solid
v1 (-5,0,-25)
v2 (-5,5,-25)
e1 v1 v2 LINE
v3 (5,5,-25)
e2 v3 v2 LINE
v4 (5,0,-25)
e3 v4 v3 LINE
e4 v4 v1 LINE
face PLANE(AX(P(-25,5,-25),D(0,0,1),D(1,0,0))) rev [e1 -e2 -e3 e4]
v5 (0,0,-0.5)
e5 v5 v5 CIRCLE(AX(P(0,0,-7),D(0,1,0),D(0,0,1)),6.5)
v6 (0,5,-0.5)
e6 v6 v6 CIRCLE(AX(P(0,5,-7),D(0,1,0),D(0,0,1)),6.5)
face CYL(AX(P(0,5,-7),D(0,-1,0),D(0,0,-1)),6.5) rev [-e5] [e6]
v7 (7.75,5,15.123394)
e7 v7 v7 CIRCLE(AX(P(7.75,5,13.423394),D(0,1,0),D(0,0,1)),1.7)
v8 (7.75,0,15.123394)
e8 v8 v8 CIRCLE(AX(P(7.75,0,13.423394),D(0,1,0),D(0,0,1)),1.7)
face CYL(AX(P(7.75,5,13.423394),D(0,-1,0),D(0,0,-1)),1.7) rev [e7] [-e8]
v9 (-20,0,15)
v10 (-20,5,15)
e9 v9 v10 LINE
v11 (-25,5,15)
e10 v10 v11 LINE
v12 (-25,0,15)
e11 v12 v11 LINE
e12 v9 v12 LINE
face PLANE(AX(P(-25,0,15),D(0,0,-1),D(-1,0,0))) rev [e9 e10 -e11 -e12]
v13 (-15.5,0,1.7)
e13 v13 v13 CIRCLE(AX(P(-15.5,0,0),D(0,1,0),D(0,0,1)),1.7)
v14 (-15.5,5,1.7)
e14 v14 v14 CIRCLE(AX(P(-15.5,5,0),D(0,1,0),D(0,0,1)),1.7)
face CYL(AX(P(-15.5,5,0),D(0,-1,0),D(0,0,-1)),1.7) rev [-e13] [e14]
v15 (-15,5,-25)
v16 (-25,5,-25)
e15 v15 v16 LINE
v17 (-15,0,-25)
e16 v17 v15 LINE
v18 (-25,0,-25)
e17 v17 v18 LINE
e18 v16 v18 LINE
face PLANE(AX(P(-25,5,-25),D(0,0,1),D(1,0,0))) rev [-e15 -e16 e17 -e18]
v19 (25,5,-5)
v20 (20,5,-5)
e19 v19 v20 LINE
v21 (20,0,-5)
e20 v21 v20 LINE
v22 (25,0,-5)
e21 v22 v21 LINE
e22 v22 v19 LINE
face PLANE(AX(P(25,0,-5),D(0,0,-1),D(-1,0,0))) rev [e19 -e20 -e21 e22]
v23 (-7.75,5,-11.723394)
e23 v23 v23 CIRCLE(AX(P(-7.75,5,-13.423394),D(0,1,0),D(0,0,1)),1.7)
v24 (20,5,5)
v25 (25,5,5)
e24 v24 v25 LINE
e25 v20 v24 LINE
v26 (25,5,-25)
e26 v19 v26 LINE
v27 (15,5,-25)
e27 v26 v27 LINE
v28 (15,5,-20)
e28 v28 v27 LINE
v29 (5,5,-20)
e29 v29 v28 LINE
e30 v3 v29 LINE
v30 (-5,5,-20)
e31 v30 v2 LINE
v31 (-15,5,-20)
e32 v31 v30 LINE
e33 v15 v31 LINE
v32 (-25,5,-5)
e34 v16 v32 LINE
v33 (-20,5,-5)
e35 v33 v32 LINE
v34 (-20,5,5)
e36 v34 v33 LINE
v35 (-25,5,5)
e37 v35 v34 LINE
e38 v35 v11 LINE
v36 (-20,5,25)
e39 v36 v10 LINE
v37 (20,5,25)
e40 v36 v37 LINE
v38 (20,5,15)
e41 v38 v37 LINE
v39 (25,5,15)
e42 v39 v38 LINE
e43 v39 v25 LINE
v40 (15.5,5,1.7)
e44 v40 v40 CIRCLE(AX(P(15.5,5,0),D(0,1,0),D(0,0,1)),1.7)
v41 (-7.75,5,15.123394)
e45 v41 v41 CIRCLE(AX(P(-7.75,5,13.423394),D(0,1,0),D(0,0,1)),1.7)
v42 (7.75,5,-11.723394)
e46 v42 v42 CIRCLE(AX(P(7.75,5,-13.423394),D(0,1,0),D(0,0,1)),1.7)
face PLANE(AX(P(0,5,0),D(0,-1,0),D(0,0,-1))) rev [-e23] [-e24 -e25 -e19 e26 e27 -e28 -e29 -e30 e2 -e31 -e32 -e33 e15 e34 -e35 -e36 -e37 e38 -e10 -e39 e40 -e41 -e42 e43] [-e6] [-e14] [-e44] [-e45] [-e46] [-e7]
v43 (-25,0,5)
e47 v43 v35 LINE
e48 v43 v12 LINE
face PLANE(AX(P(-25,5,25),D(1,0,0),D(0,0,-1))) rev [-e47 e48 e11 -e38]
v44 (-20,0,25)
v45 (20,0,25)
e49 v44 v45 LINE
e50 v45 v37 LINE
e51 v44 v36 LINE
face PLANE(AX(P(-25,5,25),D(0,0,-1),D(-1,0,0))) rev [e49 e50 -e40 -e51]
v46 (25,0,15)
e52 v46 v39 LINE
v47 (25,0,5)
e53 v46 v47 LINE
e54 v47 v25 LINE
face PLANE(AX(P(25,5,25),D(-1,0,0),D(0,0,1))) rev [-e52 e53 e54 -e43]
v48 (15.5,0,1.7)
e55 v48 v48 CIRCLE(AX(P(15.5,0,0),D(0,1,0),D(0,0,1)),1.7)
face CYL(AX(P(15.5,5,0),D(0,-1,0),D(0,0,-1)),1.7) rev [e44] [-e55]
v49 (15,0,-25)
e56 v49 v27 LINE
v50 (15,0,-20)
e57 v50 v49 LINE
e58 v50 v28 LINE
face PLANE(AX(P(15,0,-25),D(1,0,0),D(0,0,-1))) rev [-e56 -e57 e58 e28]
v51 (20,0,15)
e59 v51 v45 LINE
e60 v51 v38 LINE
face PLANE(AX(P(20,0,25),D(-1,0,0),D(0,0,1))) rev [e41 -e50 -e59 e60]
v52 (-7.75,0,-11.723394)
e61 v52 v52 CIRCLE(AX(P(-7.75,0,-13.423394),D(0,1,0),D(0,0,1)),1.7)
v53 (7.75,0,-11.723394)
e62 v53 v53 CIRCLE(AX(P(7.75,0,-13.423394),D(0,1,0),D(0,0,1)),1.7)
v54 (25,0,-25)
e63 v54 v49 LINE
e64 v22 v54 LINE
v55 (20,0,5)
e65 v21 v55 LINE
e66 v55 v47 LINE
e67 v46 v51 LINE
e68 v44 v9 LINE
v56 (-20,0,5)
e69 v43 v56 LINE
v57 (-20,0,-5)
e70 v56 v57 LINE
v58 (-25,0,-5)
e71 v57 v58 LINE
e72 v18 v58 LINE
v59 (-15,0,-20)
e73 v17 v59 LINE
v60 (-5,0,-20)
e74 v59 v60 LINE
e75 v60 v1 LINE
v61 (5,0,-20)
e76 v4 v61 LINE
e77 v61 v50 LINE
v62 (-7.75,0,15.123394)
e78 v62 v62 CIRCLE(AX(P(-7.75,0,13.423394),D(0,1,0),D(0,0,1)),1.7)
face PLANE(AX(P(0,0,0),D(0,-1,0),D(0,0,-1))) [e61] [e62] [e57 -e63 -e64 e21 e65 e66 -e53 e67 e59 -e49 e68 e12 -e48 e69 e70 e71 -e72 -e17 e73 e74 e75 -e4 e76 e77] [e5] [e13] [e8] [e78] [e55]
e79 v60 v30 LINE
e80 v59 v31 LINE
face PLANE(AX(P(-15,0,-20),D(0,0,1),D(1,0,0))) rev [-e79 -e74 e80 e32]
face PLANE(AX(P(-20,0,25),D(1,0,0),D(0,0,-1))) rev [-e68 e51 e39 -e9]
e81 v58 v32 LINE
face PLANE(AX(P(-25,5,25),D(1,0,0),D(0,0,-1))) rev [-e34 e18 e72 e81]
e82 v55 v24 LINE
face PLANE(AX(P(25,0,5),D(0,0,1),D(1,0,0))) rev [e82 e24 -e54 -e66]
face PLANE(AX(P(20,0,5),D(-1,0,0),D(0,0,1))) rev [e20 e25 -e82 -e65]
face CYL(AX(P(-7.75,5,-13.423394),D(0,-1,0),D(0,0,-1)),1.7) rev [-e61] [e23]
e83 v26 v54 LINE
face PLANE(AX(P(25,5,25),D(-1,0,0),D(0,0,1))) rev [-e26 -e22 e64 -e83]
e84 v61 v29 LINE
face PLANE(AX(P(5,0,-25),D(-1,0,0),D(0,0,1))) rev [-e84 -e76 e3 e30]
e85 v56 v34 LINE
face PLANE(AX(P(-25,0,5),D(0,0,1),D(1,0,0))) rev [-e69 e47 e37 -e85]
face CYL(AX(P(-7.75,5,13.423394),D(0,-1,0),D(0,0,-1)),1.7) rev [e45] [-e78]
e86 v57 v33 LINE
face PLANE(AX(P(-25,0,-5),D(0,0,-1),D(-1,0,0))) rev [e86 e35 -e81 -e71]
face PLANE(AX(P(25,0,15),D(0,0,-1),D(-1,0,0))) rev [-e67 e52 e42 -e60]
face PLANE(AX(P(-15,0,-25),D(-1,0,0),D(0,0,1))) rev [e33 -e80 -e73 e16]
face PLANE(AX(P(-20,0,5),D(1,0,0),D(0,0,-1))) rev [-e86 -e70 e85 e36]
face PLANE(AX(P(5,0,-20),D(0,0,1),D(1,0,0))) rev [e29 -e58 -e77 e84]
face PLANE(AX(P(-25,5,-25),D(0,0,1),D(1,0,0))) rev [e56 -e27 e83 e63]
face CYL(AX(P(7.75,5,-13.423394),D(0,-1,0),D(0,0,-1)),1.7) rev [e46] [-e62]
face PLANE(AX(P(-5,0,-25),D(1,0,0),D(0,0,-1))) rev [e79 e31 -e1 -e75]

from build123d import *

# Parameters (mm, degrees)
SKETCH_1_W          = 50
SKETCH_1_H          = 50
SKETCH_1_R          = 1.7
SKETCH_1_R_2        = 6.5
EXTRUDE_1_DEPTH     = 5
SKETCH_6_W          = 10
SKETCH_6_H          = 5
SKETCH_6_W_2        = 5
SKETCH_6_H_2        = 10
CUT_EXTRUDE_1_DEPTH = 6


with BuildPart() as part:
    # 草图1 → 凸台-拉伸1 (new body)
    with BuildSketch(Plane(origin=(0, 0, 0), x_dir=(1, 0, 0), z_dir=(0, 1, 0))):
        Rectangle(SKETCH_1_W, SKETCH_1_H)
        with Locations((-15.5, 0)):
            Circle(SKETCH_1_R, mode=Mode.SUBTRACT)
        with Locations((-7.75, 13.423393759)):
            Circle(SKETCH_1_R, mode=Mode.SUBTRACT)
        with Locations((7.75, 13.423393759)):
            Circle(SKETCH_1_R, mode=Mode.SUBTRACT)
        with Locations((15.5, 0)):
            Circle(SKETCH_1_R, mode=Mode.SUBTRACT)
        with Locations((7.75, -13.423393759)):
            Circle(SKETCH_1_R, mode=Mode.SUBTRACT)
        with Locations((-7.75, -13.423393759)):
            Circle(SKETCH_1_R, mode=Mode.SUBTRACT)
        with Locations((0, 7)):
            Circle(SKETCH_1_R_2, mode=Mode.SUBTRACT)
    extrude(amount=EXTRUDE_1_DEPTH)

    # 草图6 → 切除-拉伸1 (cut, through all)
    with BuildSketch(Plane(origin=(0, 5, 0), x_dir=(1, 0, 0), z_dir=(0, 1, 0))):
        with Locations((-10, 22.5)):
            Rectangle(SKETCH_6_W, SKETCH_6_H)
        with Locations((10, 22.5)):
            Rectangle(SKETCH_6_W, SKETCH_6_H)
        with Locations((-22.5, -20)):
            Rectangle(SKETCH_6_W_2, SKETCH_6_H_2)
        with Locations((-22.5, 0)):
            Rectangle(SKETCH_6_W_2, SKETCH_6_H_2)
        with Locations((22.5, -20)):
            Rectangle(SKETCH_6_W_2, SKETCH_6_H_2)
        with Locations((22.5, 0)):
            Rectangle(SKETCH_6_W_2, SKETCH_6_H_2)
    extrude(amount=-CUT_EXTRUDE_1_DEPTH, mode=Mode.SUBTRACT)


solid = part.part
